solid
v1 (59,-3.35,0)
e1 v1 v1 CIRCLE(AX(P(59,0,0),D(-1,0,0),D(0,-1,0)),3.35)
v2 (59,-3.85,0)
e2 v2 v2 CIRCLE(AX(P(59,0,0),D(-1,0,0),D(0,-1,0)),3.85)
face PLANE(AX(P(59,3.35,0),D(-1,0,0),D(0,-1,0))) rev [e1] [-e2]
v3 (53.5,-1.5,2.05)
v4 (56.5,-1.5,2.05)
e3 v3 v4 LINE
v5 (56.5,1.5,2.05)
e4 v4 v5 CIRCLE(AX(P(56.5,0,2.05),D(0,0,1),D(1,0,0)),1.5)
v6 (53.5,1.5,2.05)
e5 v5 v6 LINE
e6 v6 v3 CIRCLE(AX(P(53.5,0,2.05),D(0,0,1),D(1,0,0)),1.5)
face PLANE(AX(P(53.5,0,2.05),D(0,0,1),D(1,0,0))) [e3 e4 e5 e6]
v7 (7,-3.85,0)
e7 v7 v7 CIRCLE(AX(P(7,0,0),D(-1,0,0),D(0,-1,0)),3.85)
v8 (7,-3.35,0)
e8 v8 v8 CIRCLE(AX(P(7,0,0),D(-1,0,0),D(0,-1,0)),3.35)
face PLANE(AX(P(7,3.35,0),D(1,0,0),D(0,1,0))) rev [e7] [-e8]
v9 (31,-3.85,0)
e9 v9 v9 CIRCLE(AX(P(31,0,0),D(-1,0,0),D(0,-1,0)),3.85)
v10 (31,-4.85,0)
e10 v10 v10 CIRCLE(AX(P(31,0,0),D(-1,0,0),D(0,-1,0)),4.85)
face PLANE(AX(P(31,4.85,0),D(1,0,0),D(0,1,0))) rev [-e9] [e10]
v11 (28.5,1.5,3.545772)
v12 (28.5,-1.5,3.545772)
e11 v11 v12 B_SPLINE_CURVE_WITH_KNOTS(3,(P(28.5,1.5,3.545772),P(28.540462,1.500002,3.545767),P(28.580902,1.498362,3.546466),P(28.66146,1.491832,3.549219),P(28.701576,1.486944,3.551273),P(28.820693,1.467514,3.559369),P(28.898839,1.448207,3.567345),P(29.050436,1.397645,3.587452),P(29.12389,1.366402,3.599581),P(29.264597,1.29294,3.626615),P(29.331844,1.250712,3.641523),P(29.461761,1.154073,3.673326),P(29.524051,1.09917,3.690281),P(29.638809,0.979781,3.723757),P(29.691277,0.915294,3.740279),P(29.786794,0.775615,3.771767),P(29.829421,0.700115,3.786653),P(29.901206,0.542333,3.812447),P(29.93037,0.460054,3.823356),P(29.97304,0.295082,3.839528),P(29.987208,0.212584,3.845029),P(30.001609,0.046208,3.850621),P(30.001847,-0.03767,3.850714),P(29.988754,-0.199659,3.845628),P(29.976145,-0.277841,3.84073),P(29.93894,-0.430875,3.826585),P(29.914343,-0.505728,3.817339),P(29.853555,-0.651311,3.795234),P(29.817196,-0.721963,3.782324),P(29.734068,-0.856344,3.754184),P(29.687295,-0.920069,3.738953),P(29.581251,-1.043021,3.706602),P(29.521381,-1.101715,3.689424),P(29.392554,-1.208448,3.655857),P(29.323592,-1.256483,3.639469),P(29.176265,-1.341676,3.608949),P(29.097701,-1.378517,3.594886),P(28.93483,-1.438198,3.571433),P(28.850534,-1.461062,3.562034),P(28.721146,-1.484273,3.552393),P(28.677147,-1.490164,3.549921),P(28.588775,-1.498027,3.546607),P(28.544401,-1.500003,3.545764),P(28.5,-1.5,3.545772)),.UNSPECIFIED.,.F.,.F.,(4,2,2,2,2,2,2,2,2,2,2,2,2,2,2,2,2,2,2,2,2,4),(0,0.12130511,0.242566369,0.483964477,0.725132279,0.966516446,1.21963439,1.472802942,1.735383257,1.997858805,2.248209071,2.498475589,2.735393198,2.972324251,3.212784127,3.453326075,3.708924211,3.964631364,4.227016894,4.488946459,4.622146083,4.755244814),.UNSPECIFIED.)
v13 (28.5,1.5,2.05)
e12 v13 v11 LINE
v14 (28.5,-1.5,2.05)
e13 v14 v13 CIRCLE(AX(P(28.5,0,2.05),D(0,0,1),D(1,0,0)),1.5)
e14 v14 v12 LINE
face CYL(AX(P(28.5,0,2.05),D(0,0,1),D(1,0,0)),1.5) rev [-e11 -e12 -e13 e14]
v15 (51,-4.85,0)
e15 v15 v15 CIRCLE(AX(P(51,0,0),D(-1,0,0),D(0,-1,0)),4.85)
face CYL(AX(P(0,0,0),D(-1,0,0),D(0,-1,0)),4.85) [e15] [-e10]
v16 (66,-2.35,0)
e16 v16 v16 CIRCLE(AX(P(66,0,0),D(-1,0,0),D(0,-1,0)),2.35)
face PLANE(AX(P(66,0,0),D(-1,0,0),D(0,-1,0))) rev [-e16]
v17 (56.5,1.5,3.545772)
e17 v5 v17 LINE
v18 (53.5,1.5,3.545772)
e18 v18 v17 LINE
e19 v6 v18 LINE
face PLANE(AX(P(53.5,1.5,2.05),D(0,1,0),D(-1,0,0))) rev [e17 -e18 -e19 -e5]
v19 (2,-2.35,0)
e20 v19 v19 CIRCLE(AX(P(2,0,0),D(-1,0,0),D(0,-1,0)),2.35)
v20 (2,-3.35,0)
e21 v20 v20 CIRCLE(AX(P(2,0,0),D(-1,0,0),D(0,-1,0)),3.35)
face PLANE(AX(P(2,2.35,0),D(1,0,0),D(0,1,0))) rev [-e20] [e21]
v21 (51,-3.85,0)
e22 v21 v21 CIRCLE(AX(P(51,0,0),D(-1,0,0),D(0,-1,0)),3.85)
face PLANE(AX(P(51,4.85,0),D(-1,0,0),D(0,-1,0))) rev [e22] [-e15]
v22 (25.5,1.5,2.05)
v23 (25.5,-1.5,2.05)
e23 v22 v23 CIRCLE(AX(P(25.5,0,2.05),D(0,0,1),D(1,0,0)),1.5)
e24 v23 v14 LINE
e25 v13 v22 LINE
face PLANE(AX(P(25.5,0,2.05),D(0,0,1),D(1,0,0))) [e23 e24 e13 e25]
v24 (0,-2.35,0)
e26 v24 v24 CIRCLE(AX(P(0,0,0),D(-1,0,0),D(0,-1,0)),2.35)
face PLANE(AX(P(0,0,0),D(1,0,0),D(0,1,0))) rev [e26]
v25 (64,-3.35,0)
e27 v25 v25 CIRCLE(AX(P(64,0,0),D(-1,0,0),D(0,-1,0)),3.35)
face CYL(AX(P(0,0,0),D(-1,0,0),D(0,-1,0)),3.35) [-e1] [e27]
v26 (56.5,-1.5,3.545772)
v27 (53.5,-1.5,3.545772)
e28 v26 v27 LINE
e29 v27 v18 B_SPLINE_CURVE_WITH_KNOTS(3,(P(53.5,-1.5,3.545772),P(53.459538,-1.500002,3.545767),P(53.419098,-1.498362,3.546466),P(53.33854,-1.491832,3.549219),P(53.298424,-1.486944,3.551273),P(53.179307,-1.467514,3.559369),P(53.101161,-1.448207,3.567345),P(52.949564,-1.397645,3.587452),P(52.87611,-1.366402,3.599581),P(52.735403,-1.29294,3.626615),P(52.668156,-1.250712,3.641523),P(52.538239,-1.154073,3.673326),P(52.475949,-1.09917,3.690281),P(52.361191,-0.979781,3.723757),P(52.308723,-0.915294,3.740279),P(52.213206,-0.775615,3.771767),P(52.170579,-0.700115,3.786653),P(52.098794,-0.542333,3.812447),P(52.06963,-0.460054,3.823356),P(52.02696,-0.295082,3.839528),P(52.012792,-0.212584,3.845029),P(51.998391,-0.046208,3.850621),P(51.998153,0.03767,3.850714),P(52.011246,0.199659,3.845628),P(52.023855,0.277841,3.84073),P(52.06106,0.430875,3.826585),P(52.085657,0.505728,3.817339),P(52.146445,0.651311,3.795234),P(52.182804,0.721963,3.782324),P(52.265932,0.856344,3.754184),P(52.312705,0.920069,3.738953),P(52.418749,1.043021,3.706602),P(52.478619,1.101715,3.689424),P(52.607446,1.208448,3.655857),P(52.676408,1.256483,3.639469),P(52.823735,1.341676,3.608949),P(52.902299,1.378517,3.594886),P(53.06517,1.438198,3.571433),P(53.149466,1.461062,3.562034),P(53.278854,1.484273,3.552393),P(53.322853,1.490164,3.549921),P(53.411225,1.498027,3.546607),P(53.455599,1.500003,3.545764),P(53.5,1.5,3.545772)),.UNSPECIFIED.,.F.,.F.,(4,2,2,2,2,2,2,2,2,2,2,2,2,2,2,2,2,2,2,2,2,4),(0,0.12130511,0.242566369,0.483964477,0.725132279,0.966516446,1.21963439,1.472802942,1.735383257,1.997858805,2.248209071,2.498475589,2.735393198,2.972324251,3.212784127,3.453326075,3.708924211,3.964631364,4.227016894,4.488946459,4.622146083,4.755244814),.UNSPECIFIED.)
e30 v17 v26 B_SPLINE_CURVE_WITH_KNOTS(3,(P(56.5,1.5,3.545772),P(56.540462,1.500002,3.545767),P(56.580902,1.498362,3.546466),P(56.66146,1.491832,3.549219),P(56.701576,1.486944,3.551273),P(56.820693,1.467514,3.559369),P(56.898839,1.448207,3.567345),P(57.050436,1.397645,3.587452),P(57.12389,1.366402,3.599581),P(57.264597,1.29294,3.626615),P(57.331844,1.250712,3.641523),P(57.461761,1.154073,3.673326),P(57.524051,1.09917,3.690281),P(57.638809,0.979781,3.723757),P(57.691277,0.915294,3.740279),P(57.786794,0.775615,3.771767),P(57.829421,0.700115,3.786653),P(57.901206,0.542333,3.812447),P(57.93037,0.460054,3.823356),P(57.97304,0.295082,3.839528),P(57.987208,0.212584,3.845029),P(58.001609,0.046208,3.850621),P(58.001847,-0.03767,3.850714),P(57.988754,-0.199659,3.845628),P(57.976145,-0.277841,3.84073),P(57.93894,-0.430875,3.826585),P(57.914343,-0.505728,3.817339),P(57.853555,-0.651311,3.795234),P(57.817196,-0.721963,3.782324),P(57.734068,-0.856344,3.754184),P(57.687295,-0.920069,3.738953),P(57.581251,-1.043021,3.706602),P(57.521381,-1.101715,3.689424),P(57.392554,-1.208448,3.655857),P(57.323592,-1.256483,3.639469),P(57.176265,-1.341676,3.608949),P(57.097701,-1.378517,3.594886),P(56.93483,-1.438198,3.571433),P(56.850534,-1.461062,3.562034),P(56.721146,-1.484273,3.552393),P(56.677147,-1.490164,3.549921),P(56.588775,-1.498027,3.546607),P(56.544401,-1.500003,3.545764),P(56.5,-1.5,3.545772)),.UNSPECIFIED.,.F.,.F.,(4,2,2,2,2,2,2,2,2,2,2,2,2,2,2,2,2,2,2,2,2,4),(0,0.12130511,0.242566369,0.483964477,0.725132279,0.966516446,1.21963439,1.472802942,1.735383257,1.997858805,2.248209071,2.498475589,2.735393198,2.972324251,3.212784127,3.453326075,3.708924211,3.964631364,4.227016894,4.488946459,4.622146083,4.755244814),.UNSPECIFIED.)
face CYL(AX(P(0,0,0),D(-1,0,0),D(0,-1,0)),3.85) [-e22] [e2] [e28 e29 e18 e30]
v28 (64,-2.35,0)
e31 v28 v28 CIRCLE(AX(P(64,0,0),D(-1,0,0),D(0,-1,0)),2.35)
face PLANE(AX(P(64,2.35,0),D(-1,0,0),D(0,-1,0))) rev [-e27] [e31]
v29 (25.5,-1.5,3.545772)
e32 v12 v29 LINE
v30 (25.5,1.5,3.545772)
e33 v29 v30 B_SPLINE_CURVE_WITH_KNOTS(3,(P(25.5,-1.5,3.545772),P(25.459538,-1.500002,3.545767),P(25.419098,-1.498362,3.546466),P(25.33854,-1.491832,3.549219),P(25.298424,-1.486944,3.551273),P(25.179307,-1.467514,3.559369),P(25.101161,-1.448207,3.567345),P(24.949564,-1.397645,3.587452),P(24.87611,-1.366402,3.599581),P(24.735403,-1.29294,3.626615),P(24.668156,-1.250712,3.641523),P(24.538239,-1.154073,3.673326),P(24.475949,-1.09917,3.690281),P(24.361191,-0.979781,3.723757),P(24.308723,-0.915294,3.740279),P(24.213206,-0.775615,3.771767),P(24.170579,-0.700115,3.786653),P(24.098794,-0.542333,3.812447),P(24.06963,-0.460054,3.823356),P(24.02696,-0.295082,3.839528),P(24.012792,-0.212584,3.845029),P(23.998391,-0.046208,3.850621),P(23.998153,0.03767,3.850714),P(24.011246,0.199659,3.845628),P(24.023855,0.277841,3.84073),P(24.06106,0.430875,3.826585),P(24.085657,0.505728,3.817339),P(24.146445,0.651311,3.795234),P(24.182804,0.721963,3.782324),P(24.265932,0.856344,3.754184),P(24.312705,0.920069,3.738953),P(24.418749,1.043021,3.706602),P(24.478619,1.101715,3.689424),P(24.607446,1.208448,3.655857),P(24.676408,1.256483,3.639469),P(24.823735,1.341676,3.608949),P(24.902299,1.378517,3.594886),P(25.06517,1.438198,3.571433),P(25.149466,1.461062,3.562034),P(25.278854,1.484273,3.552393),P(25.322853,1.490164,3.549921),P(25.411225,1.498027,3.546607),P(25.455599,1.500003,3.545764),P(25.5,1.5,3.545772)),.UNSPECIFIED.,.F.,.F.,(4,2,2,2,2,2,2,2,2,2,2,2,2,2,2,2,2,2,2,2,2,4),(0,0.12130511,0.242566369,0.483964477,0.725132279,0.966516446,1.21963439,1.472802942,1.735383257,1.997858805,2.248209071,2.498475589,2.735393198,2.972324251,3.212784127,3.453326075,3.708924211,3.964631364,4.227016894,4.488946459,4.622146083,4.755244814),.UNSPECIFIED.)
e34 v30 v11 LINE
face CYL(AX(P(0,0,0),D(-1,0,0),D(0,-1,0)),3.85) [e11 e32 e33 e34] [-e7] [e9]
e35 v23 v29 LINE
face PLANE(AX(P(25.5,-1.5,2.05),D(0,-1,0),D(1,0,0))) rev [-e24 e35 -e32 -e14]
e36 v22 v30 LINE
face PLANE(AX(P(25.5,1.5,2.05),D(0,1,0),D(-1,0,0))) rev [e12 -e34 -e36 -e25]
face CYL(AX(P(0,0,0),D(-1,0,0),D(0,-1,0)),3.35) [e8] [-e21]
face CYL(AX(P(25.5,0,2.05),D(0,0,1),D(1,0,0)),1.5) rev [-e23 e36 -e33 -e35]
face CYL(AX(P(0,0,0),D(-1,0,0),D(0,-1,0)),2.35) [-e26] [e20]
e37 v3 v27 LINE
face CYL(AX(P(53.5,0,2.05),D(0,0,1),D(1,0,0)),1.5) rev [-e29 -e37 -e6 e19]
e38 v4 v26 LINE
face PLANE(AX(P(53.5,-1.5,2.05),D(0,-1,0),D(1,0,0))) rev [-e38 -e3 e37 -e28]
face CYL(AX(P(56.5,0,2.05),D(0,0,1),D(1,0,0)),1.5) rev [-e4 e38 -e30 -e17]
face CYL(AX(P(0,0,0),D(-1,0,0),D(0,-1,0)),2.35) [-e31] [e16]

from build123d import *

# Parameters (mm, degrees)
CUT_EXTRUDE_1_DEPTH = 1.8


with BuildPart() as part:
    # 草图1 → 旋转1 (revolve)
    with BuildSketch(Plane.XY, mode=Mode.PRIVATE) as revolve_1_sk:
        Polygon((0, 0), (0, 2.35), (2, 2.35), (2, 3.35), (7, 3.35), (7, 3.85), (31, 3.85), (31, 4.85), (51, 4.85), (51, 3.85), (59, 3.85), (59, 3.35), (64, 3.35), (64, 2.35), (66, 2.35), (66, 0), align=None)
    revolve(revolve_1_sk.sketch.rotate(Axis((0, 0, 0), (1, 0, 0)), 180), axis=Axis((0, 0, 0), (1, 0, 0)))

    # 草图2 → 切除-拉伸1 (cut)
    with BuildSketch(Plane.XY.offset(3.85)):
        with BuildLine():
            Line((25.5, 1.5), (28.5, 1.5))
            ThreePointArc((28.5, 1.5), (30, 0), (28.5, -1.5))
            Line((28.5, -1.5), (25.5, -1.5))
            ThreePointArc((25.5, -1.5), (24, 0), (25.5, 1.5))
        make_face()
        with BuildLine():
            Line((53.5, 1.5), (56.5, 1.5))
            ThreePointArc((56.5, 1.5), (58, 0), (56.5, -1.5))
            Line((56.5, -1.5), (53.5, -1.5))
            ThreePointArc((53.5, -1.5), (52, 0), (53.5, 1.5))
        make_face()
    extrude(amount=-CUT_EXTRUDE_1_DEPTH, mode=Mode.SUBTRACT)


solid = part.part
